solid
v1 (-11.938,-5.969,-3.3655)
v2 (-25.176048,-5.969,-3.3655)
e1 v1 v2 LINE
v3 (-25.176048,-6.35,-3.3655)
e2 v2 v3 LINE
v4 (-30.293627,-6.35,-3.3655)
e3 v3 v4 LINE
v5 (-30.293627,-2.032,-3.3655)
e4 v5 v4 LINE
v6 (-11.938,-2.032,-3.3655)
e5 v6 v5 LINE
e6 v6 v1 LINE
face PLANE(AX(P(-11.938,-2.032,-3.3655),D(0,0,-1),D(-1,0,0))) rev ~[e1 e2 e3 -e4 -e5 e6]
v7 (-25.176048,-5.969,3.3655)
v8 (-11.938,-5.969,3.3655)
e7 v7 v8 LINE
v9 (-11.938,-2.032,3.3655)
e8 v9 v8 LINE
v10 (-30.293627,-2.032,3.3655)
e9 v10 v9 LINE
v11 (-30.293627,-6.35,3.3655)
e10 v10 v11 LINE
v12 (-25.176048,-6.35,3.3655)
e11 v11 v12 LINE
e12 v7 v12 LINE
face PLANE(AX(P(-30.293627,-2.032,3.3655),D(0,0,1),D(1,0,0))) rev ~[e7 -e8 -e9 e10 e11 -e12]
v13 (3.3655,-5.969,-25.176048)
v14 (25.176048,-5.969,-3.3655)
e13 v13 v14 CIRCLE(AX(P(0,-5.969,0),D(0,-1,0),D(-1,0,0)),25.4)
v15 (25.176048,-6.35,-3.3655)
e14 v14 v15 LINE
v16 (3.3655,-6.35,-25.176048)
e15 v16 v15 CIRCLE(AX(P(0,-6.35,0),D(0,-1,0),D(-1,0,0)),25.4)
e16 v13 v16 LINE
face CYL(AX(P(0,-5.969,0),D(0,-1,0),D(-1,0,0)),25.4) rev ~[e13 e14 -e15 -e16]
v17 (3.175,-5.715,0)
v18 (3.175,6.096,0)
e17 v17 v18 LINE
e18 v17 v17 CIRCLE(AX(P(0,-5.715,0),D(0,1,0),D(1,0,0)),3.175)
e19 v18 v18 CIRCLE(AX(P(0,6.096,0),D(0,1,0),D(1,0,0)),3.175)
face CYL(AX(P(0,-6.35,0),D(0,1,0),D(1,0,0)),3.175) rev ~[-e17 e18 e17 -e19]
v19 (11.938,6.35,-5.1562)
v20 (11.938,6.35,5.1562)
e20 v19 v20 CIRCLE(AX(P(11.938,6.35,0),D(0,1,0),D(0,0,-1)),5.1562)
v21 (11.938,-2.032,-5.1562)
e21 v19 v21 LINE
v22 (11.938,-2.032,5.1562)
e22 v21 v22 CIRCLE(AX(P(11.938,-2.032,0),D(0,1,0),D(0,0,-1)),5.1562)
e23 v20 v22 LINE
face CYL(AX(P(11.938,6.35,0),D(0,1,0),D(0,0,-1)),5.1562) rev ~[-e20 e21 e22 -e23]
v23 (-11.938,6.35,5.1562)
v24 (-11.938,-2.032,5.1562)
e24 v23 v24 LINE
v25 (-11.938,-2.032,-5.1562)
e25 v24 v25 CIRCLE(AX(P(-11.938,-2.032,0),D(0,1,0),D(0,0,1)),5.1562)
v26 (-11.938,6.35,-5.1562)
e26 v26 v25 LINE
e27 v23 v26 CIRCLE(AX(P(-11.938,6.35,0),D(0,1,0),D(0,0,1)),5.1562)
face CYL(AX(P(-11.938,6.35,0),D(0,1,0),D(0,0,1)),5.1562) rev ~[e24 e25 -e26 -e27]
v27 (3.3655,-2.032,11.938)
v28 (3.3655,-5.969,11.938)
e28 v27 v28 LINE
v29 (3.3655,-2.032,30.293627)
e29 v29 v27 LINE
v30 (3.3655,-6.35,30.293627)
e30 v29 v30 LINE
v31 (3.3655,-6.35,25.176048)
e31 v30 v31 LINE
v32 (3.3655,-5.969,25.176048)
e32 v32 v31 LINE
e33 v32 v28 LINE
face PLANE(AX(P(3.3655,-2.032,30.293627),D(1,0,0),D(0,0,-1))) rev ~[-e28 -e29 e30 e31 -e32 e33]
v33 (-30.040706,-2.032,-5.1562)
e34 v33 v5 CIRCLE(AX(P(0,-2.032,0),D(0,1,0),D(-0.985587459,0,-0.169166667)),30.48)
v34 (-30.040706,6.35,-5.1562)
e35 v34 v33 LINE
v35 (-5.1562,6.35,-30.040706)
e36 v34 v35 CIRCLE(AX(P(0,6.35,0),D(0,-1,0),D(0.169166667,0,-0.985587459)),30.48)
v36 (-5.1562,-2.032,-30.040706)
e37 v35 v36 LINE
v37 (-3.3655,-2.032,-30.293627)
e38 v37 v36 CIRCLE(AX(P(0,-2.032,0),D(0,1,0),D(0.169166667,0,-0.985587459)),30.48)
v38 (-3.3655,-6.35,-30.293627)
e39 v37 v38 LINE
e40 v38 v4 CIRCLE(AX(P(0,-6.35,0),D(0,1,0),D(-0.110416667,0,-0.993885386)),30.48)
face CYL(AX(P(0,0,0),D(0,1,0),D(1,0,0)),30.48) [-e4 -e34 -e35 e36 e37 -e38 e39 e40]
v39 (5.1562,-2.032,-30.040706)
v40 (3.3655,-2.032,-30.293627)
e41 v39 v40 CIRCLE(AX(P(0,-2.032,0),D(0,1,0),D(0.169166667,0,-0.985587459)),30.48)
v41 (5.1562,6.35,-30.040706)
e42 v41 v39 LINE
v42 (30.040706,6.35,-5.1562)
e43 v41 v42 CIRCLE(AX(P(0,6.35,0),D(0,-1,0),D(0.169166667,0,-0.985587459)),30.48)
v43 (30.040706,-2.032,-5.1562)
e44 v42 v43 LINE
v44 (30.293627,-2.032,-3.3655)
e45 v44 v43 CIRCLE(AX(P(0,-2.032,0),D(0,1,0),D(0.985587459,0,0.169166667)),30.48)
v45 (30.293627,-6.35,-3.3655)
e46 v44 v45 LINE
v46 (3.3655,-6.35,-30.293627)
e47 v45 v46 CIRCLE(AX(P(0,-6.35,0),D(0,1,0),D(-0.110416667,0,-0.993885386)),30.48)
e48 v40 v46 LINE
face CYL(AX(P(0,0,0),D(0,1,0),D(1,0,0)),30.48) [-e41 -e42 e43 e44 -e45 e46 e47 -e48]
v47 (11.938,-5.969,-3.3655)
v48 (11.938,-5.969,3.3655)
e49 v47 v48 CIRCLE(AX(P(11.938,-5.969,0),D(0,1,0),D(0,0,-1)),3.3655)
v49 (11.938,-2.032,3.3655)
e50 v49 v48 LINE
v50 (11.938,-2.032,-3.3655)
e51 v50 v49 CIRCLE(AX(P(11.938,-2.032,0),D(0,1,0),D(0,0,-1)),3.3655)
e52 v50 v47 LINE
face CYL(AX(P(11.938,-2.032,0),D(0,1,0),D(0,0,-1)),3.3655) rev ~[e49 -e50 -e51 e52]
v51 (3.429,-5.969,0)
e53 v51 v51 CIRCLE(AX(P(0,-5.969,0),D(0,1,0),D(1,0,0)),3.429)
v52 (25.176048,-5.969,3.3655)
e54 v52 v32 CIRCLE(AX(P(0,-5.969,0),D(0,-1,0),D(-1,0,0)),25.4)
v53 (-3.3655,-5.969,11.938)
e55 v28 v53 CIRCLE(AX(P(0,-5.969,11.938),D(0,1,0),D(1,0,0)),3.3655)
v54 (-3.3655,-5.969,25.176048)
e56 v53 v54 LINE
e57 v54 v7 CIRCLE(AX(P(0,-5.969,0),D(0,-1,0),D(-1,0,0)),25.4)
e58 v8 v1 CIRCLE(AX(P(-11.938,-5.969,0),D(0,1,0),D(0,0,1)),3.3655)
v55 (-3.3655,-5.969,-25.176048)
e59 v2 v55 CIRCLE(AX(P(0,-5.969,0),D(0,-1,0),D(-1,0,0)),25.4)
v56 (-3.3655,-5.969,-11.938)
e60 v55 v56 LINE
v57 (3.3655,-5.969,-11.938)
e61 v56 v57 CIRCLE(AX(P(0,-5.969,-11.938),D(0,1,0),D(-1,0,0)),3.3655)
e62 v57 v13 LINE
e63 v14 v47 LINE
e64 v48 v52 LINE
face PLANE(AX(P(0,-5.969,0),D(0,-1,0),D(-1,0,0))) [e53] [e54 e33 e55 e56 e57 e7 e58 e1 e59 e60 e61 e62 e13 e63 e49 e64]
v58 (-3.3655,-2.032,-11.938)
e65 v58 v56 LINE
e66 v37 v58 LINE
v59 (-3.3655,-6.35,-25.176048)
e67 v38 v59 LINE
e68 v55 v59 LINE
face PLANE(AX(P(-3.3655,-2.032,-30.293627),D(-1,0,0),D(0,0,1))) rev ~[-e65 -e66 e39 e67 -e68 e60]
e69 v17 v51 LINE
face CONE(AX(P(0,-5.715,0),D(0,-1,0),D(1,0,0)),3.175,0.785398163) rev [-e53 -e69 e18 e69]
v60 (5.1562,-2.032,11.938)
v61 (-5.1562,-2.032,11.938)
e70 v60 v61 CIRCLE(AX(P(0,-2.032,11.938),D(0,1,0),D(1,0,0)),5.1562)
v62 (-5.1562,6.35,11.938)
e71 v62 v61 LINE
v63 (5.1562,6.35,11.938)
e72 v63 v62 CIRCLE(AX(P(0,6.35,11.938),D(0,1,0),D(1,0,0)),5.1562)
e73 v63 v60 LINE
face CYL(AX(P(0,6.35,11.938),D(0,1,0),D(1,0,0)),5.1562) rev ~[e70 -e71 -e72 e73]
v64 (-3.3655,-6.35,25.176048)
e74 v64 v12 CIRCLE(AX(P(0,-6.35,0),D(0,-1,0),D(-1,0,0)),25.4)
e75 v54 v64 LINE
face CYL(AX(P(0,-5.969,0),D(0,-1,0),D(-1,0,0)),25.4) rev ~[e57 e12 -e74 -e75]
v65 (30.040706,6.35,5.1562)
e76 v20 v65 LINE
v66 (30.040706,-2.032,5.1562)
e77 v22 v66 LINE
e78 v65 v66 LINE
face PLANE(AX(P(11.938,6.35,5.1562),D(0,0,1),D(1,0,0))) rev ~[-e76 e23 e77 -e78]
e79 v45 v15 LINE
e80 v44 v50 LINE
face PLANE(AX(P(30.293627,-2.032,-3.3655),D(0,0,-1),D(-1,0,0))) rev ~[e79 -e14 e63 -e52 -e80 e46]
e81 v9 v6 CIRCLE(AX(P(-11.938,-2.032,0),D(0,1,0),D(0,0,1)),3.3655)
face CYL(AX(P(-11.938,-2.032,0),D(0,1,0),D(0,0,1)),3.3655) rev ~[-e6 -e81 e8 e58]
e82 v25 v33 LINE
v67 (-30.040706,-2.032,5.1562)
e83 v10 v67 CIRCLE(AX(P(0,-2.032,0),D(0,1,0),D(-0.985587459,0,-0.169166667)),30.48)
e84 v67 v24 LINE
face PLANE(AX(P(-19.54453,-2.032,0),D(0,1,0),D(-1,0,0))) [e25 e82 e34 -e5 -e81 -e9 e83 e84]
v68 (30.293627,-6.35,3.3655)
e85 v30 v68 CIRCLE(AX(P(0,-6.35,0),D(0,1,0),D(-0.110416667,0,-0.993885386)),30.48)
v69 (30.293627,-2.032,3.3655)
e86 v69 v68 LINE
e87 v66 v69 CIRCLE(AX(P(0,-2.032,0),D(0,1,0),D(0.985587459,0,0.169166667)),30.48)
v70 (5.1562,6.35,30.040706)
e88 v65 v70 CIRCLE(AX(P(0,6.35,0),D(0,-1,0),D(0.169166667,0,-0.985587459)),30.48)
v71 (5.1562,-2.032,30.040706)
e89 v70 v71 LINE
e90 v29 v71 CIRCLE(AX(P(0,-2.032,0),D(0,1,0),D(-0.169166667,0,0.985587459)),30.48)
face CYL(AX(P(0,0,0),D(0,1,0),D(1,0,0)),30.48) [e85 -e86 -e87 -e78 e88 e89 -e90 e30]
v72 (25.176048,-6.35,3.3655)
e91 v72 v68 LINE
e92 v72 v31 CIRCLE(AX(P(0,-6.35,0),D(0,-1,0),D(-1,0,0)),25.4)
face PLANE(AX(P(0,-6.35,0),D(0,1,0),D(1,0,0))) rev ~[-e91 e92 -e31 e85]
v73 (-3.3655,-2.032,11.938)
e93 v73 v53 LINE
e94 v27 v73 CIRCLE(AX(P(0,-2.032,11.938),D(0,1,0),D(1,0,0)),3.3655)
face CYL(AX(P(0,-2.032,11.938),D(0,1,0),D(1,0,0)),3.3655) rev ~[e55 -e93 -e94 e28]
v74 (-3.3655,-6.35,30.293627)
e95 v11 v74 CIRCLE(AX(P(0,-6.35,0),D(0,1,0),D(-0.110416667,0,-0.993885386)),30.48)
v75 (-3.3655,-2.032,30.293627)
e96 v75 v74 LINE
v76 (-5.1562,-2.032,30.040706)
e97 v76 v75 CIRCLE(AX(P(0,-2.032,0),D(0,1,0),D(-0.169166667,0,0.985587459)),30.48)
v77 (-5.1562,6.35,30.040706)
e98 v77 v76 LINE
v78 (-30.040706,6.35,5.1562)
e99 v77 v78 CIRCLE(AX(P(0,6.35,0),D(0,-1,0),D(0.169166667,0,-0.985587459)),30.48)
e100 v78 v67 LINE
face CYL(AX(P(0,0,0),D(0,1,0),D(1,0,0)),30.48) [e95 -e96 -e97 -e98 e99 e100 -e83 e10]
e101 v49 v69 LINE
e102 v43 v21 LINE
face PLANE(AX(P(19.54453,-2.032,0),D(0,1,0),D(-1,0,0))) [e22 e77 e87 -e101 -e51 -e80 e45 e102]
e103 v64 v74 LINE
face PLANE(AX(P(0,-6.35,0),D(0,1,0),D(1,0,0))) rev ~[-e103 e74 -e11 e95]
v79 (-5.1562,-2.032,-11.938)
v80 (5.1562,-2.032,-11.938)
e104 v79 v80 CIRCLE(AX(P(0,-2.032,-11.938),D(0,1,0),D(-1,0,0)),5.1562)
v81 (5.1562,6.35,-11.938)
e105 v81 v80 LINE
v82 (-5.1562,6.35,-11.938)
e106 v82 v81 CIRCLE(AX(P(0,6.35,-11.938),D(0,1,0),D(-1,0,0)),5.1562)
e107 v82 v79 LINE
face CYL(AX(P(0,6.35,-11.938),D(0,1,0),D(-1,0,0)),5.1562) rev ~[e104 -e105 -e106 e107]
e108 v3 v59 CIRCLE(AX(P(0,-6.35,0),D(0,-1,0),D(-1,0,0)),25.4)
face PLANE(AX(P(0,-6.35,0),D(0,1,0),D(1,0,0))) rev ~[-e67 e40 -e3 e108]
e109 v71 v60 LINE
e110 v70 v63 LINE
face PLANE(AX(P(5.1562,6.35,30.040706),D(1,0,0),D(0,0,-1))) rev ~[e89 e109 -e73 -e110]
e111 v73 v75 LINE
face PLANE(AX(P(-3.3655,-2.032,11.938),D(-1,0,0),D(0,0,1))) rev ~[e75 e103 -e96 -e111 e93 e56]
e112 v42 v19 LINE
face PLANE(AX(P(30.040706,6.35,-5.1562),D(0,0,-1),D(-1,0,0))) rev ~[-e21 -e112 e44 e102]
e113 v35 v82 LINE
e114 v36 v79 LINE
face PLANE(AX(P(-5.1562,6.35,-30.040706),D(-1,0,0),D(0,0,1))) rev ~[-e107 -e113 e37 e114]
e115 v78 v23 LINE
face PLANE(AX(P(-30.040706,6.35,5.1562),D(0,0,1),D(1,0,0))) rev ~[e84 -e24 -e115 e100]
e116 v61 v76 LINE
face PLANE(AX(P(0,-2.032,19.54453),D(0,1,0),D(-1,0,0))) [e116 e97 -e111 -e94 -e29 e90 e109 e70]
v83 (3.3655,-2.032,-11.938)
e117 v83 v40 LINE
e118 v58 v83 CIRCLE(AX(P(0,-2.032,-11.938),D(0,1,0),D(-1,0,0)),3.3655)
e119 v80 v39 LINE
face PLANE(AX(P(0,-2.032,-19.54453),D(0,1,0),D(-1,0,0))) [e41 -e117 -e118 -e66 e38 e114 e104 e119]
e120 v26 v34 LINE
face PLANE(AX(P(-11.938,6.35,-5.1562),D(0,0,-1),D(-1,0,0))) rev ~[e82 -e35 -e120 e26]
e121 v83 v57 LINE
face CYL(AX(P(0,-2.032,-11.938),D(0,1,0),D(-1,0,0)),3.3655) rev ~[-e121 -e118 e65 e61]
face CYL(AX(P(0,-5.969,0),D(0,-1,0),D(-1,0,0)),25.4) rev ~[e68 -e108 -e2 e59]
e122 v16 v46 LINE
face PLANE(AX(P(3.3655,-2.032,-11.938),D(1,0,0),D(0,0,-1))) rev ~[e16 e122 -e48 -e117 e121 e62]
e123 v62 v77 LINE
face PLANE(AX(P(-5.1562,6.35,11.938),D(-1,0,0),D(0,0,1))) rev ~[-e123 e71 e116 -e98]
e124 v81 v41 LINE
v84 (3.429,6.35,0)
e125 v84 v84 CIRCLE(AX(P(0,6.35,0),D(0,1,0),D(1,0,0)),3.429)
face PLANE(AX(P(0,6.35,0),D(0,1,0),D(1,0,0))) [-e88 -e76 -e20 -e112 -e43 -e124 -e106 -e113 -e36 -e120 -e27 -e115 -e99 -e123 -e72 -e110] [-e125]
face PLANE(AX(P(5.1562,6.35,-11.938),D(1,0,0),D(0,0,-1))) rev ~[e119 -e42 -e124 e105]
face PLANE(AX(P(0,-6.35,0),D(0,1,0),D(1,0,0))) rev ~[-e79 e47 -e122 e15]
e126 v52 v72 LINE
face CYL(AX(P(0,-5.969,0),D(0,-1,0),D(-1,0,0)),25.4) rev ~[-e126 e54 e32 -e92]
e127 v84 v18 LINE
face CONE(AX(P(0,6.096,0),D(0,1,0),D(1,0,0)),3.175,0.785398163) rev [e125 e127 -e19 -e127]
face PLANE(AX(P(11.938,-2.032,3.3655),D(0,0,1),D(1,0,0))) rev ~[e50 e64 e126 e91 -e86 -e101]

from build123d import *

# Parameters (mm, degrees)
SKETCH1_W          = 30.48
SKETCH1_H          = 12.7
CUT_EXTRUDE1_DEPTH = 8.382
CUT_EXTRUDE2_DEPTH = 5.318
CUT_EXTRUDE3_DEPTH = 8.382
CUT_EXTRUDE4_DEPTH = 5.318
CUT_EXTRUDE5_DEPTH = 8.382
CUT_EXTRUDE6_DEPTH = 5.318
CUT_EXTRUDE7_DEPTH = 8.382
CUT_EXTRUDE8_DEPTH = 5.318
HOLE1_D            = 6.35
HOLE1_DEPTH        = 12.7
HOLE1_CBORE_D      = 50.8
HOLE1_CBORE_DEPTH  = 0.381
CHAMFER1_SIZE      = 0.254


with BuildPart() as part:
    # Sketch1 → Revolve1 (revolve)
    with BuildSketch(Plane(origin=(0, 0, 0), x_dir=(-1, 0, 0), z_dir=(0, 0, -1))):
        with Locations((-15.24, 0)):
            Rectangle(SKETCH1_W, SKETCH1_H)
    revolve(axis=Axis((0, -6.35, 0), (0, 1, 0)))

    # Sketch2 → Cut-Extrude1 (cut)
    with BuildSketch(Plane(origin=(0, 6.35, 0), x_dir=(-1, 0, 0), z_dir=(0, 1, 0))):
        with BuildLine():
            Line((5.1562, -30.040705743), (5.1562, -11.938))
            ThreePointArc((5.1562, -11.938), (0, -6.7818), (-5.1562, -11.938))
            Line((-5.1562, -11.938), (-5.1562, -30.040705743))
            ThreePointArc((-5.1562, -30.040705743), (0, -30.48), (5.1562, -30.040705743))
        make_face()
    extrude(amount=-CUT_EXTRUDE1_DEPTH, mode=Mode.SUBTRACT)

    # Sketch3 → Cut-Extrude2 (cut, through all)
    with BuildSketch(Plane(origin=(0, -2.032, 0), x_dir=(-1, 0, 0), z_dir=(0, 1, 0))):
        with BuildLine():
            Line((3.3655, -30.293626553), (3.3655, -11.938))
            ThreePointArc((3.3655, -11.938), (0, -8.5725), (-3.3655, -11.938))
            Line((-3.3655, -11.938), (-3.3655, -30.293626553))
            ThreePointArc((-3.3655, -30.293626553), (0, -30.48), (3.3655, -30.293626553))
        make_face()
    extrude(amount=-CUT_EXTRUDE2_DEPTH, mode=Mode.SUBTRACT)

    # Sketch4 → Cut-Extrude3 (cut)
    with BuildSketch(Plane(origin=(0, 6.35, 0), x_dir=(-1, 0, 0), z_dir=(0, 1, 0))):
        with BuildLine():
            Line((-30.040705743, -5.1562), (-11.938, -5.1562))
            ThreePointArc((-11.938, -5.1562), (-6.7818, 0), (-11.938, 5.1562))
            Line((-11.938, 5.1562), (-30.040705743, 5.1562))
            ThreePointArc((-30.040705743, 5.1562), (-30.48, 0), (-30.040705743, -5.1562))
        make_face()
    extrude(amount=-CUT_EXTRUDE3_DEPTH, mode=Mode.SUBTRACT)

    # Sketch5 → Cut-Extrude4 (cut, through all)
    with BuildSketch(Plane(origin=(0, -2.032, 0), x_dir=(-1, 0, 0), z_dir=(0, 1, 0))):
        with BuildLine():
            Line((-30.293626553, -3.3655), (-11.938, -3.3655))
            ThreePointArc((-11.938, -3.3655), (-8.5725, 0), (-11.938, 3.3655))
            Line((-11.938, 3.3655), (-30.293626553, 3.3655))
            ThreePointArc((-30.293626553, 3.3655), (-30.48, 0), (-30.293626553, -3.3655))
        make_face()
    extrude(amount=-CUT_EXTRUDE4_DEPTH, mode=Mode.SUBTRACT)

    # Sketch6 → Cut-Extrude5 (cut)
    with BuildSketch(Plane(origin=(0, 6.35, 0), x_dir=(-1, 0, 0), z_dir=(0, 1, 0))):
        with BuildLine():
            Line((-5.1562, 30.040705743), (-5.1562, 11.938))
            ThreePointArc((-5.1562, 11.938), (0, 6.7818), (5.1562, 11.938))
            Line((5.1562, 11.938), (5.1562, 30.040705743))
            ThreePointArc((5.1562, 30.040705743), (0, 30.48), (-5.1562, 30.040705743))
        make_face()
    extrude(amount=-CUT_EXTRUDE5_DEPTH, mode=Mode.SUBTRACT)

    # Sketch7 → Cut-Extrude6 (cut, through all)
    with BuildSketch(Plane(origin=(0, -2.032, 0), x_dir=(-1, 0, 0), z_dir=(0, 1, 0))):
        with BuildLine():
            Line((-3.3655, 30.293626553), (-3.3655, 11.938))
            ThreePointArc((-3.3655, 11.938), (0, 8.5725), (3.3655, 11.938))
            Line((3.3655, 11.938), (3.3655, 30.293626553))
            ThreePointArc((3.3655, 30.293626553), (0, 30.48), (-3.3655, 30.293626553))
        make_face()
    extrude(amount=-CUT_EXTRUDE6_DEPTH, mode=Mode.SUBTRACT)

    # Sketch8 → Cut-Extrude7 (cut)
    with BuildSketch(Plane(origin=(0, 6.35, 0), x_dir=(-1, 0, 0), z_dir=(0, 1, 0))):
        with BuildLine():
            Line((30.040705743, 5.1562), (11.938, 5.1562))
            ThreePointArc((11.938, 5.1562), (6.7818, 0), (11.938, -5.1562))
            Line((11.938, -5.1562), (30.040705743, -5.1562))
            ThreePointArc((30.040705743, -5.1562), (30.48, 0), (30.040705743, 5.1562))
        make_face()
    extrude(amount=-CUT_EXTRUDE7_DEPTH, mode=Mode.SUBTRACT)

    # Sketch9 → Cut-Extrude8 (cut, through all)
    with BuildSketch(Plane(origin=(0, -2.032, 0), x_dir=(-1, 0, 0), z_dir=(0, 1, 0))):
        with BuildLine():
            Line((30.293626553, 3.3655), (11.938, 3.3655))
            ThreePointArc((11.938, 3.3655), (8.5725, 0), (11.938, -3.3655))
            Line((11.938, -3.3655), (30.293626553, -3.3655))
            ThreePointArc((30.293626553, -3.3655), (30.48, 0), (30.293626553, 3.3655))
        make_face()
    extrude(amount=-CUT_EXTRUDE8_DEPTH, mode=Mode.SUBTRACT)

    # Hole1
    with Locations(Plane(origin=(0, -6.35, 0), x_dir=(-1, 0, 0), z_dir=(0, -1, 0))):
        with Locations((0, 0)):
            CounterBoreHole(HOLE1_D / 2, HOLE1_CBORE_D / 2, HOLE1_CBORE_DEPTH, depth=HOLE1_DEPTH)

    # Chamfer1
    chamfer1_edges = [part.edges().sort_by_distance(p)[0] for p in [
        (-3.175, -5.969, 0),
        (-3.175, 6.35, 0),
    ]]
    chamfer(chamfer1_edges, length=CHAMFER1_SIZE)


solid = part.part
